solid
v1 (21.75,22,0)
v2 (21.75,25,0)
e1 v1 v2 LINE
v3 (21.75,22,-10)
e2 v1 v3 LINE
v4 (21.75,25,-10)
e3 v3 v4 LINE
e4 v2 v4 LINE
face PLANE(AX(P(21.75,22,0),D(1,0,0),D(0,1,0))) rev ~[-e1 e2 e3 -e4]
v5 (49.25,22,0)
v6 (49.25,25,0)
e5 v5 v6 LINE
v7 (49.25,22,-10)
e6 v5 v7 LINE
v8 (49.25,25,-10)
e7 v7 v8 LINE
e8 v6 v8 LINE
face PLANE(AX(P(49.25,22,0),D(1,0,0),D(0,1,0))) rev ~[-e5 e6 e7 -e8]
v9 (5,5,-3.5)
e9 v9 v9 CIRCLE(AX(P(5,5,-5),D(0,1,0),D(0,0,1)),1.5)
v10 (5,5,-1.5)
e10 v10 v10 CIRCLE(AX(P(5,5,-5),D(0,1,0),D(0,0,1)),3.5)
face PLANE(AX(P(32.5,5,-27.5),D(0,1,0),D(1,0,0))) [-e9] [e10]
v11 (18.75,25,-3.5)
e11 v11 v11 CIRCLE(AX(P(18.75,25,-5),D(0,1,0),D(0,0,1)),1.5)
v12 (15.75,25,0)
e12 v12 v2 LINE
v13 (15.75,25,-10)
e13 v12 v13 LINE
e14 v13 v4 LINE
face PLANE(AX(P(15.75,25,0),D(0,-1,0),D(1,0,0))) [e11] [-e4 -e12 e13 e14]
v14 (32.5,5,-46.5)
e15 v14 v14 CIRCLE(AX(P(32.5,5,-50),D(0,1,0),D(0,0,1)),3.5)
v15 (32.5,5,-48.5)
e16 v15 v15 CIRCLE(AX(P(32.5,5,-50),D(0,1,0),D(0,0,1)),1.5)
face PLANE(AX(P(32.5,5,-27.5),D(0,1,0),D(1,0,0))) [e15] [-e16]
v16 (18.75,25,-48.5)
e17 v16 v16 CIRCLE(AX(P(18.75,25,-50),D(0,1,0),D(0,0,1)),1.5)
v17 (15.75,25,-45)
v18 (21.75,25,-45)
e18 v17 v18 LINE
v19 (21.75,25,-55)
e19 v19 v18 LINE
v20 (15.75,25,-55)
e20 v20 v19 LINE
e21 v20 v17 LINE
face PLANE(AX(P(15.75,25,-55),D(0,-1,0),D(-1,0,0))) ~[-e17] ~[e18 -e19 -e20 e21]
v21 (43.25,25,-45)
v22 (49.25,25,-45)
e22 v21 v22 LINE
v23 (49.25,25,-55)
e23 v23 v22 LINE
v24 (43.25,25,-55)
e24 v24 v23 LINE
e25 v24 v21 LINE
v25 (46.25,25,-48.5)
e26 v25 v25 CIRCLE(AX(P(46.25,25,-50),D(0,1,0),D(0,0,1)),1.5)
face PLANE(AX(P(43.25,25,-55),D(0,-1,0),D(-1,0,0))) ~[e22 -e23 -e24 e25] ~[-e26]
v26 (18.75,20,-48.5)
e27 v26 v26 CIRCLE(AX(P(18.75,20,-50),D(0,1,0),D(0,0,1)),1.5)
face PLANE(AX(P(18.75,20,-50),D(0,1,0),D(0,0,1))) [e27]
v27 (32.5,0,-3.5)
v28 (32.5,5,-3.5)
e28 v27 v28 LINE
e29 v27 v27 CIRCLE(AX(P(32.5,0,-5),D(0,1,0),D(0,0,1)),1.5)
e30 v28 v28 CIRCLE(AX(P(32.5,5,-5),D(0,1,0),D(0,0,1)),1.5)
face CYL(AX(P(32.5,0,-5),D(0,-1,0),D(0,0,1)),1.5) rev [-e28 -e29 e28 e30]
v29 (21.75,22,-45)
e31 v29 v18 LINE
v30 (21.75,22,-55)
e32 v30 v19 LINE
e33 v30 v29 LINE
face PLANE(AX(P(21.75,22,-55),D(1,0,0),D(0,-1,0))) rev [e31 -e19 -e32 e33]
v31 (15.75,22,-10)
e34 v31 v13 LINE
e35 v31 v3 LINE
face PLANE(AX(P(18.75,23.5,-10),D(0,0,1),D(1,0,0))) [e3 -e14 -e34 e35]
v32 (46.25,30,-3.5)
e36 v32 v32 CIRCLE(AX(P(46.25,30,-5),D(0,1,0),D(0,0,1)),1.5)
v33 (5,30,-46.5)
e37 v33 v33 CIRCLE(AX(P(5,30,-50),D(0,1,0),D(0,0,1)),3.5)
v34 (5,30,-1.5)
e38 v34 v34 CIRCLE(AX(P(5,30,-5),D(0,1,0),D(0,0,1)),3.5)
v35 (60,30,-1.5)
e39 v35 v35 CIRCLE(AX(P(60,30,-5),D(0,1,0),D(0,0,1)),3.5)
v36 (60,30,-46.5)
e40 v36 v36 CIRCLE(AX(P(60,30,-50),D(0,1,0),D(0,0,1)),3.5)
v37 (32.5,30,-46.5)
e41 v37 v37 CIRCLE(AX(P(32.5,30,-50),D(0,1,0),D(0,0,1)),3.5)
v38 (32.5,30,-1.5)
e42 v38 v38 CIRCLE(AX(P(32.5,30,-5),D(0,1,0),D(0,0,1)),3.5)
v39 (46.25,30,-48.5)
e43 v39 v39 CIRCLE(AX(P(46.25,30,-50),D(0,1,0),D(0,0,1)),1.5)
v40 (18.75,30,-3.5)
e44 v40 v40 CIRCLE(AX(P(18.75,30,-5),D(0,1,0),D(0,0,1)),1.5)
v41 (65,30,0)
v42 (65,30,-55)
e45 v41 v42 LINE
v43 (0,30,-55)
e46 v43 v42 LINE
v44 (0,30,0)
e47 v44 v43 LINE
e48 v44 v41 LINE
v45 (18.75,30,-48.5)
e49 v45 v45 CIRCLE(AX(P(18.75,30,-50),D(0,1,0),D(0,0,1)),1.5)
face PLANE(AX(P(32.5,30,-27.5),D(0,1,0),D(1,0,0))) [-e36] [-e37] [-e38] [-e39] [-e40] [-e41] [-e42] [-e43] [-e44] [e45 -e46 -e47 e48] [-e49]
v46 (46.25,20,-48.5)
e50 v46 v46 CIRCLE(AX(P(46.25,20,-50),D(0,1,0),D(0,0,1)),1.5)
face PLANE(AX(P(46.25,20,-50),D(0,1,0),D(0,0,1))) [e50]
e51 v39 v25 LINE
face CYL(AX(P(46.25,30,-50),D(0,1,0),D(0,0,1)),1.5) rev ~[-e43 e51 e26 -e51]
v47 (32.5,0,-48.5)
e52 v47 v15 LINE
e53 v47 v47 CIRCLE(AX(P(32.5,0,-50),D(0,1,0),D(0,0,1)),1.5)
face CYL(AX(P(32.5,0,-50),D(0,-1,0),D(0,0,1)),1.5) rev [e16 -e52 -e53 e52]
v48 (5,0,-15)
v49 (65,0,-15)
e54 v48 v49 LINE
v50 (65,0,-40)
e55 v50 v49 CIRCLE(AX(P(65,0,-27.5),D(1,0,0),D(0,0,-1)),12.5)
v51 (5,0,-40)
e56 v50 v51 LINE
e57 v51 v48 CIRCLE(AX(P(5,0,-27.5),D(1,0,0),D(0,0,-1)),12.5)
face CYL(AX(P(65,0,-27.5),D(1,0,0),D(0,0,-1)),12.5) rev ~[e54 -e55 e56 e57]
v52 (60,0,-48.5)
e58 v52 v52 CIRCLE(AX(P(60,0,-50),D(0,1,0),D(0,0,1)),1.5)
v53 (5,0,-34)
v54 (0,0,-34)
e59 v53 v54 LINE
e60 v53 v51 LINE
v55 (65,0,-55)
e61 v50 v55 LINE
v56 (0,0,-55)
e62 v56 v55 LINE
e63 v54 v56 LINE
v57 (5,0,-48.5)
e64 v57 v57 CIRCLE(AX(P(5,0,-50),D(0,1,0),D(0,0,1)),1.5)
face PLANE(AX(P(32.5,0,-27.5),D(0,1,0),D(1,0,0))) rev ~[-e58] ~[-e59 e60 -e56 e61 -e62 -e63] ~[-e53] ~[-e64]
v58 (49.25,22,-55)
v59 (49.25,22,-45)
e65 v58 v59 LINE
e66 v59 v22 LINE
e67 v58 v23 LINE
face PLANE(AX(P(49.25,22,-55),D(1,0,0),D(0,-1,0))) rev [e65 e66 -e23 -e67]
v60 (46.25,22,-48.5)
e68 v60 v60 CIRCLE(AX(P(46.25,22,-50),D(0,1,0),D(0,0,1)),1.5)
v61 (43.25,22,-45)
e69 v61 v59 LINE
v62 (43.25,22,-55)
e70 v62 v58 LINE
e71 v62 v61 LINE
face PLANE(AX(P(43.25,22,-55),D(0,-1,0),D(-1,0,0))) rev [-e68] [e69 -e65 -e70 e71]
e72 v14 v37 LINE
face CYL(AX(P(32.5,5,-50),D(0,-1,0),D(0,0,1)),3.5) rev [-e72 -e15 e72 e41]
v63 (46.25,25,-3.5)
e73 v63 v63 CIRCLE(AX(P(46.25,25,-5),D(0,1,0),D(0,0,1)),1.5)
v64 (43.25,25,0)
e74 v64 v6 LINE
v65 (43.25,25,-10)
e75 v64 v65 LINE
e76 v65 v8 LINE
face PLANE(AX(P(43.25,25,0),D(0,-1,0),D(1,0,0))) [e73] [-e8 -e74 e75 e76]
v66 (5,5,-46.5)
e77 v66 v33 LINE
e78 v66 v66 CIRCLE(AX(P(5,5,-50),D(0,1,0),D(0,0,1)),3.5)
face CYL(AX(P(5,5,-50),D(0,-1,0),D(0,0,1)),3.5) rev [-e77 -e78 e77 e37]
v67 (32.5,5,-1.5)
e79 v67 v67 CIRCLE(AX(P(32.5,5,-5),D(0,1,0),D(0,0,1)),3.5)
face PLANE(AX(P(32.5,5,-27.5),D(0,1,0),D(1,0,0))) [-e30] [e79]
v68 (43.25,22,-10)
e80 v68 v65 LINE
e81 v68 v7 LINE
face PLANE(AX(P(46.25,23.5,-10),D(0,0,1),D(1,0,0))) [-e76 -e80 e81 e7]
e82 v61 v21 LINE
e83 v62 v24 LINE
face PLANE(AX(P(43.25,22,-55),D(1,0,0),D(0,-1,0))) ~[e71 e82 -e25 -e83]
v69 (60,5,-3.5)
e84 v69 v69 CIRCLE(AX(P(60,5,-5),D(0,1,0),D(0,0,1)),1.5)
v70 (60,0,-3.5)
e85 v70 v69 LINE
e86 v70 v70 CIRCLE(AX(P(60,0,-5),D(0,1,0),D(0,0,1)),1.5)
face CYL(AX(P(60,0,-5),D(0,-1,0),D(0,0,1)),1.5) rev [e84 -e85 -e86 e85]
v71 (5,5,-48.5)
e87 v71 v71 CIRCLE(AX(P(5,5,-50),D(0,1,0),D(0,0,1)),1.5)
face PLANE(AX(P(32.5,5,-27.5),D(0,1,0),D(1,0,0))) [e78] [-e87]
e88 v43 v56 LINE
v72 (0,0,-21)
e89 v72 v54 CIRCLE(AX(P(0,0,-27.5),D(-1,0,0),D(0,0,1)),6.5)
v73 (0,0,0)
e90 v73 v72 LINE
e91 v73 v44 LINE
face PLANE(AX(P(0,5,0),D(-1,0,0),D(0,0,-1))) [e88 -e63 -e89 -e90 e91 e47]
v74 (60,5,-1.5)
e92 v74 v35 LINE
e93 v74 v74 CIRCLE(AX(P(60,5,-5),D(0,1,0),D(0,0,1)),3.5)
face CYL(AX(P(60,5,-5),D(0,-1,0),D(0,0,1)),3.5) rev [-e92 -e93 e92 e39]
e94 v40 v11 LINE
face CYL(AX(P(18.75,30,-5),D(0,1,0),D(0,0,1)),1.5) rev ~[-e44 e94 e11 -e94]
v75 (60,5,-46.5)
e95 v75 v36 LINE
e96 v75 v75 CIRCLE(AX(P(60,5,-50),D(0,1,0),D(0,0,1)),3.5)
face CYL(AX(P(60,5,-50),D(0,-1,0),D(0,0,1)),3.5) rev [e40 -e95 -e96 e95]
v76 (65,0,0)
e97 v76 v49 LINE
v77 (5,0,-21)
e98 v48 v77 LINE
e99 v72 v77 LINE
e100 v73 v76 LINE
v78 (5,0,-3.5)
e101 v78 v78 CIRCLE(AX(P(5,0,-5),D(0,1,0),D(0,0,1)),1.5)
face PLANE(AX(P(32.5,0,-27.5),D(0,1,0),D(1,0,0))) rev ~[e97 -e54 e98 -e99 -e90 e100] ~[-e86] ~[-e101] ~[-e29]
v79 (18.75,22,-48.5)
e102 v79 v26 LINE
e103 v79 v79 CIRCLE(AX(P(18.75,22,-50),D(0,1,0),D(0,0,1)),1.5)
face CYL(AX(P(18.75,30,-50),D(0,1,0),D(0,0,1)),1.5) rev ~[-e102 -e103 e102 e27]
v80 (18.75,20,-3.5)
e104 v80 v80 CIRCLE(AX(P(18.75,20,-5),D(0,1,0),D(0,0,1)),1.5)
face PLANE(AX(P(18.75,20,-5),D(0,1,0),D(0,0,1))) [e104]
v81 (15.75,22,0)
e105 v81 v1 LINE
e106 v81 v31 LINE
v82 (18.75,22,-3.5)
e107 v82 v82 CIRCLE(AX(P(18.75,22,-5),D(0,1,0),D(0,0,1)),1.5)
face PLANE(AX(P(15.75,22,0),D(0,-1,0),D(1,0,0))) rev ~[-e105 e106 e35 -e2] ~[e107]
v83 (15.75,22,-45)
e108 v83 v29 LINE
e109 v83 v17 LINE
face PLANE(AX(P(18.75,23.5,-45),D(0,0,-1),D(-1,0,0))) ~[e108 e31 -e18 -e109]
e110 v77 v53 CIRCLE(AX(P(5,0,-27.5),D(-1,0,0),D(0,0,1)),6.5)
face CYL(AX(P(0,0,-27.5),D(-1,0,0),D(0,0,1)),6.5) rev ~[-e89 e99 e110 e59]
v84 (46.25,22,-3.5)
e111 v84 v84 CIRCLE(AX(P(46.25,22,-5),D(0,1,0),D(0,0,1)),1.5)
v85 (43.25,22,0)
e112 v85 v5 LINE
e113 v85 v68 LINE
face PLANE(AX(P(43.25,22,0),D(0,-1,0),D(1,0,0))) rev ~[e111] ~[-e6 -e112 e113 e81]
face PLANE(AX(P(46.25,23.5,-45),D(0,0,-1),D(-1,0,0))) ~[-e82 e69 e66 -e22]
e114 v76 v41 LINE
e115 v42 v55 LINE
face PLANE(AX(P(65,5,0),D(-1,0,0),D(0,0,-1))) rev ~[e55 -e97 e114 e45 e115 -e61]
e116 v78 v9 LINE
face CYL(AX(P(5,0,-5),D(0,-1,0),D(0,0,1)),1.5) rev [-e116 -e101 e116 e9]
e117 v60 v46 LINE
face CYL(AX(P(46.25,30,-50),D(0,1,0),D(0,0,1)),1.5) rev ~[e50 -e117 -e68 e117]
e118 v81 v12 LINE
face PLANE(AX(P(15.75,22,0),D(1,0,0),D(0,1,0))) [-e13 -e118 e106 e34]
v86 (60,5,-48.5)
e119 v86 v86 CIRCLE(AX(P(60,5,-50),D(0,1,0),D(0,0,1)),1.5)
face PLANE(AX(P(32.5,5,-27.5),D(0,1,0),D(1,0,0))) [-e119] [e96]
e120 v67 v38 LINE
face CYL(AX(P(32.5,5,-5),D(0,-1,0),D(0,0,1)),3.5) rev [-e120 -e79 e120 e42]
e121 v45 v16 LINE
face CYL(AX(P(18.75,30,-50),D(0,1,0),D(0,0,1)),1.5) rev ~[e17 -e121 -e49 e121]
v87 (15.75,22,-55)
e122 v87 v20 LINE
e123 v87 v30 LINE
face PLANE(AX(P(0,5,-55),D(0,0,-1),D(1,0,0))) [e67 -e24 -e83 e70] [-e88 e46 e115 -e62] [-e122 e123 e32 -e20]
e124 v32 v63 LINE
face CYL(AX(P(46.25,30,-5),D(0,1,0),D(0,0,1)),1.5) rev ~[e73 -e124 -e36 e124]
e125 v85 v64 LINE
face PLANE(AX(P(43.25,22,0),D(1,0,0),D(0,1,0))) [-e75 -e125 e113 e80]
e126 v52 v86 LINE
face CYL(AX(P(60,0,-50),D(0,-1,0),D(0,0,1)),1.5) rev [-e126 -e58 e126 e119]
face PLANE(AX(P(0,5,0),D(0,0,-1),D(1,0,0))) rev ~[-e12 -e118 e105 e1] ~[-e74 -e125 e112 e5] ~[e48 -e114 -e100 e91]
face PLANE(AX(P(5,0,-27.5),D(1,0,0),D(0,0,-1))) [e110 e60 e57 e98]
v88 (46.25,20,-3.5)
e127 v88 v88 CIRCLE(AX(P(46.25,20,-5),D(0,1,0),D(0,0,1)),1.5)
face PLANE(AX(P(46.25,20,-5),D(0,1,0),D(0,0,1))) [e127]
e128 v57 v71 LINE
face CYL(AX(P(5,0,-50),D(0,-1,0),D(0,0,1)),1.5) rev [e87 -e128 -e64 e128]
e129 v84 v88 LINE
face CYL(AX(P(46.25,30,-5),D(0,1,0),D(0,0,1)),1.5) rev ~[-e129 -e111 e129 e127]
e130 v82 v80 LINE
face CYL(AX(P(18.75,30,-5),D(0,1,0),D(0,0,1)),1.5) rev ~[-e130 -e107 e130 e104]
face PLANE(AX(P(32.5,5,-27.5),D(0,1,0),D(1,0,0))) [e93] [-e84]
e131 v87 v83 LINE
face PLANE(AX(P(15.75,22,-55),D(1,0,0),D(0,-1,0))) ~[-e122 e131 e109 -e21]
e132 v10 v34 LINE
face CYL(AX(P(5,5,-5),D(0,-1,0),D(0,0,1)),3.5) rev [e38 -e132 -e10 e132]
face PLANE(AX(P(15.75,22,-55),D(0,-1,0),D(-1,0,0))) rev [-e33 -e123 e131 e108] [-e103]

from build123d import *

# Parameters (mm, degrees)
CROQUIS2_W              = 65
CROQUIS2_H              = 55
CROQUIS2_R              = 1.5
SALIENTE_EXTRUIR1_DEPTH = 5
CROQUIS4_W              = 65
CROQUIS4_H              = 55
CROQUIS4_R              = 3.5
SALIENTE_EXTRUIR2_DEPTH = 25
CROQUIS6_R              = 12.5
CORTAR_EXTRUIR1_DEPTH   = 60
CROQUIS7_R              = 6.5
CORTAR_EXTRUIR2_DEPTH   = 5
CROQUIS8_R              = 1.5
CORTAR_EXTRUIR3_DEPTH   = 10
CROQUIS9_W              = 6
CROQUIS9_H              = 3
CORTAR_EXTRUIR6_DEPTH   = 10


with BuildPart() as part:
    # Croquis2 → Saliente-Extruir1 (new body)
    with BuildSketch(Plane(origin=(0, 0, 0), x_dir=(1, 0, 0), z_dir=(0, 1, 0))):
        with Locations((32.5, 27.5)):
            Rectangle(CROQUIS2_W, CROQUIS2_H)
        with Locations(Location((5, 50, 0), (0, 0, 270))):
            Circle(CROQUIS2_R, mode=Mode.SUBTRACT)
        with Locations(Location((32.5, 50, 0), (0, 0, 270))):
            Circle(CROQUIS2_R, mode=Mode.SUBTRACT)
        with Locations(Location((60, 50, 0), (0, 0, 270))):
            Circle(CROQUIS2_R, mode=Mode.SUBTRACT)
        with Locations(Location((5, 5, 0), (0, 0, 270))):
            Circle(CROQUIS2_R, mode=Mode.SUBTRACT)
        with Locations(Location((32.5, 5, 0), (0, 0, 270))):
            Circle(CROQUIS2_R, mode=Mode.SUBTRACT)
        with Locations(Location((60, 5, 0), (0, 0, 270))):
            Circle(CROQUIS2_R, mode=Mode.SUBTRACT)
    extrude(amount=SALIENTE_EXTRUIR1_DEPTH)

    # Croquis4 → Saliente-Extruir2 (add)
    with BuildSketch(Plane(origin=(0, 5, 0), x_dir=(1, 0, 0), z_dir=(0, 1, 0))):
        with Locations((32.5, 27.5)):
            Rectangle(CROQUIS4_W, CROQUIS4_H)
        with Locations(Location((5, 50, 0), (0, 0, 270))):
            Circle(CROQUIS4_R, mode=Mode.SUBTRACT)
        with Locations(Location((32.5, 50, 0), (0, 0, 270))):
            Circle(CROQUIS4_R, mode=Mode.SUBTRACT)
        with Locations(Location((60, 50, 0), (0, 0, 270))):
            Circle(CROQUIS4_R, mode=Mode.SUBTRACT)
        with Locations(Location((60, 5, 0), (0, 0, 270))):
            Circle(CROQUIS4_R, mode=Mode.SUBTRACT)
        with Locations(Location((32.5, 5, 0), (0, 0, 270))):
            Circle(CROQUIS4_R, mode=Mode.SUBTRACT)
        with Locations(Location((5, 5, 0), (0, 0, 270))):
            Circle(CROQUIS4_R, mode=Mode.SUBTRACT)
    extrude(amount=SALIENTE_EXTRUIR2_DEPTH)

    # Croquis6 → Cortar-Extruir1 (cut)
    with BuildSketch(Plane(origin=(65, 0, 0), x_dir=(0, 0, -1), z_dir=(1, 0, 0))):
        with Locations((27.5, 0)):
            Circle(CROQUIS6_R)
    extrude(amount=-CORTAR_EXTRUIR1_DEPTH, mode=Mode.SUBTRACT)

    # Croquis7 → Cortar-Extruir2 (cut)
    with BuildSketch(Plane.ZY):
        with Locations((-27.5, 0)):
            Circle(CROQUIS7_R)
    extrude(amount=-CORTAR_EXTRUIR2_DEPTH, mode=Mode.SUBTRACT)

    # Croquis8 → Cortar-Extruir3 (cut)
    with BuildSketch(Plane(origin=(0, 30, 0), x_dir=(1, 0, 0), z_dir=(0, 1, 0))):
        with Locations(Location((18.75, 50, 0), (0, 0, 270))):
            Circle(CROQUIS8_R)
        with Locations(Location((46.25, 50, 0), (0, 0, 270))):
            Circle(CROQUIS8_R)
        with Locations(Location((46.25, 5, 0), (0, 0, 270))):
            Circle(CROQUIS8_R)
        with Locations(Location((18.75, 5, 0), (0, 0, 270))):
            Circle(CROQUIS8_R)
    extrude(amount=-CORTAR_EXTRUIR3_DEPTH, mode=Mode.SUBTRACT)

    # Croquis9 → Cortar-Extruir6 (cut)
    with BuildSketch(Plane.XY):
        with Locations((18.75, 23.5)):
            Rectangle(CROQUIS9_W, CROQUIS9_H)
        with Locations((46.25, 23.5)):
            Rectangle(CROQUIS9_W, CROQUIS9_H)
    cortar_extruir6 = extrude(amount=-CORTAR_EXTRUIR6_DEPTH, mode=Mode.SUBTRACT)

    # Simetría1: Cortar-Extruir6 across plane
    add(cortar_extruir6.mirror(Plane.XY.offset(-27.5)), mode=Mode.SUBTRACT)


solid = part.part
